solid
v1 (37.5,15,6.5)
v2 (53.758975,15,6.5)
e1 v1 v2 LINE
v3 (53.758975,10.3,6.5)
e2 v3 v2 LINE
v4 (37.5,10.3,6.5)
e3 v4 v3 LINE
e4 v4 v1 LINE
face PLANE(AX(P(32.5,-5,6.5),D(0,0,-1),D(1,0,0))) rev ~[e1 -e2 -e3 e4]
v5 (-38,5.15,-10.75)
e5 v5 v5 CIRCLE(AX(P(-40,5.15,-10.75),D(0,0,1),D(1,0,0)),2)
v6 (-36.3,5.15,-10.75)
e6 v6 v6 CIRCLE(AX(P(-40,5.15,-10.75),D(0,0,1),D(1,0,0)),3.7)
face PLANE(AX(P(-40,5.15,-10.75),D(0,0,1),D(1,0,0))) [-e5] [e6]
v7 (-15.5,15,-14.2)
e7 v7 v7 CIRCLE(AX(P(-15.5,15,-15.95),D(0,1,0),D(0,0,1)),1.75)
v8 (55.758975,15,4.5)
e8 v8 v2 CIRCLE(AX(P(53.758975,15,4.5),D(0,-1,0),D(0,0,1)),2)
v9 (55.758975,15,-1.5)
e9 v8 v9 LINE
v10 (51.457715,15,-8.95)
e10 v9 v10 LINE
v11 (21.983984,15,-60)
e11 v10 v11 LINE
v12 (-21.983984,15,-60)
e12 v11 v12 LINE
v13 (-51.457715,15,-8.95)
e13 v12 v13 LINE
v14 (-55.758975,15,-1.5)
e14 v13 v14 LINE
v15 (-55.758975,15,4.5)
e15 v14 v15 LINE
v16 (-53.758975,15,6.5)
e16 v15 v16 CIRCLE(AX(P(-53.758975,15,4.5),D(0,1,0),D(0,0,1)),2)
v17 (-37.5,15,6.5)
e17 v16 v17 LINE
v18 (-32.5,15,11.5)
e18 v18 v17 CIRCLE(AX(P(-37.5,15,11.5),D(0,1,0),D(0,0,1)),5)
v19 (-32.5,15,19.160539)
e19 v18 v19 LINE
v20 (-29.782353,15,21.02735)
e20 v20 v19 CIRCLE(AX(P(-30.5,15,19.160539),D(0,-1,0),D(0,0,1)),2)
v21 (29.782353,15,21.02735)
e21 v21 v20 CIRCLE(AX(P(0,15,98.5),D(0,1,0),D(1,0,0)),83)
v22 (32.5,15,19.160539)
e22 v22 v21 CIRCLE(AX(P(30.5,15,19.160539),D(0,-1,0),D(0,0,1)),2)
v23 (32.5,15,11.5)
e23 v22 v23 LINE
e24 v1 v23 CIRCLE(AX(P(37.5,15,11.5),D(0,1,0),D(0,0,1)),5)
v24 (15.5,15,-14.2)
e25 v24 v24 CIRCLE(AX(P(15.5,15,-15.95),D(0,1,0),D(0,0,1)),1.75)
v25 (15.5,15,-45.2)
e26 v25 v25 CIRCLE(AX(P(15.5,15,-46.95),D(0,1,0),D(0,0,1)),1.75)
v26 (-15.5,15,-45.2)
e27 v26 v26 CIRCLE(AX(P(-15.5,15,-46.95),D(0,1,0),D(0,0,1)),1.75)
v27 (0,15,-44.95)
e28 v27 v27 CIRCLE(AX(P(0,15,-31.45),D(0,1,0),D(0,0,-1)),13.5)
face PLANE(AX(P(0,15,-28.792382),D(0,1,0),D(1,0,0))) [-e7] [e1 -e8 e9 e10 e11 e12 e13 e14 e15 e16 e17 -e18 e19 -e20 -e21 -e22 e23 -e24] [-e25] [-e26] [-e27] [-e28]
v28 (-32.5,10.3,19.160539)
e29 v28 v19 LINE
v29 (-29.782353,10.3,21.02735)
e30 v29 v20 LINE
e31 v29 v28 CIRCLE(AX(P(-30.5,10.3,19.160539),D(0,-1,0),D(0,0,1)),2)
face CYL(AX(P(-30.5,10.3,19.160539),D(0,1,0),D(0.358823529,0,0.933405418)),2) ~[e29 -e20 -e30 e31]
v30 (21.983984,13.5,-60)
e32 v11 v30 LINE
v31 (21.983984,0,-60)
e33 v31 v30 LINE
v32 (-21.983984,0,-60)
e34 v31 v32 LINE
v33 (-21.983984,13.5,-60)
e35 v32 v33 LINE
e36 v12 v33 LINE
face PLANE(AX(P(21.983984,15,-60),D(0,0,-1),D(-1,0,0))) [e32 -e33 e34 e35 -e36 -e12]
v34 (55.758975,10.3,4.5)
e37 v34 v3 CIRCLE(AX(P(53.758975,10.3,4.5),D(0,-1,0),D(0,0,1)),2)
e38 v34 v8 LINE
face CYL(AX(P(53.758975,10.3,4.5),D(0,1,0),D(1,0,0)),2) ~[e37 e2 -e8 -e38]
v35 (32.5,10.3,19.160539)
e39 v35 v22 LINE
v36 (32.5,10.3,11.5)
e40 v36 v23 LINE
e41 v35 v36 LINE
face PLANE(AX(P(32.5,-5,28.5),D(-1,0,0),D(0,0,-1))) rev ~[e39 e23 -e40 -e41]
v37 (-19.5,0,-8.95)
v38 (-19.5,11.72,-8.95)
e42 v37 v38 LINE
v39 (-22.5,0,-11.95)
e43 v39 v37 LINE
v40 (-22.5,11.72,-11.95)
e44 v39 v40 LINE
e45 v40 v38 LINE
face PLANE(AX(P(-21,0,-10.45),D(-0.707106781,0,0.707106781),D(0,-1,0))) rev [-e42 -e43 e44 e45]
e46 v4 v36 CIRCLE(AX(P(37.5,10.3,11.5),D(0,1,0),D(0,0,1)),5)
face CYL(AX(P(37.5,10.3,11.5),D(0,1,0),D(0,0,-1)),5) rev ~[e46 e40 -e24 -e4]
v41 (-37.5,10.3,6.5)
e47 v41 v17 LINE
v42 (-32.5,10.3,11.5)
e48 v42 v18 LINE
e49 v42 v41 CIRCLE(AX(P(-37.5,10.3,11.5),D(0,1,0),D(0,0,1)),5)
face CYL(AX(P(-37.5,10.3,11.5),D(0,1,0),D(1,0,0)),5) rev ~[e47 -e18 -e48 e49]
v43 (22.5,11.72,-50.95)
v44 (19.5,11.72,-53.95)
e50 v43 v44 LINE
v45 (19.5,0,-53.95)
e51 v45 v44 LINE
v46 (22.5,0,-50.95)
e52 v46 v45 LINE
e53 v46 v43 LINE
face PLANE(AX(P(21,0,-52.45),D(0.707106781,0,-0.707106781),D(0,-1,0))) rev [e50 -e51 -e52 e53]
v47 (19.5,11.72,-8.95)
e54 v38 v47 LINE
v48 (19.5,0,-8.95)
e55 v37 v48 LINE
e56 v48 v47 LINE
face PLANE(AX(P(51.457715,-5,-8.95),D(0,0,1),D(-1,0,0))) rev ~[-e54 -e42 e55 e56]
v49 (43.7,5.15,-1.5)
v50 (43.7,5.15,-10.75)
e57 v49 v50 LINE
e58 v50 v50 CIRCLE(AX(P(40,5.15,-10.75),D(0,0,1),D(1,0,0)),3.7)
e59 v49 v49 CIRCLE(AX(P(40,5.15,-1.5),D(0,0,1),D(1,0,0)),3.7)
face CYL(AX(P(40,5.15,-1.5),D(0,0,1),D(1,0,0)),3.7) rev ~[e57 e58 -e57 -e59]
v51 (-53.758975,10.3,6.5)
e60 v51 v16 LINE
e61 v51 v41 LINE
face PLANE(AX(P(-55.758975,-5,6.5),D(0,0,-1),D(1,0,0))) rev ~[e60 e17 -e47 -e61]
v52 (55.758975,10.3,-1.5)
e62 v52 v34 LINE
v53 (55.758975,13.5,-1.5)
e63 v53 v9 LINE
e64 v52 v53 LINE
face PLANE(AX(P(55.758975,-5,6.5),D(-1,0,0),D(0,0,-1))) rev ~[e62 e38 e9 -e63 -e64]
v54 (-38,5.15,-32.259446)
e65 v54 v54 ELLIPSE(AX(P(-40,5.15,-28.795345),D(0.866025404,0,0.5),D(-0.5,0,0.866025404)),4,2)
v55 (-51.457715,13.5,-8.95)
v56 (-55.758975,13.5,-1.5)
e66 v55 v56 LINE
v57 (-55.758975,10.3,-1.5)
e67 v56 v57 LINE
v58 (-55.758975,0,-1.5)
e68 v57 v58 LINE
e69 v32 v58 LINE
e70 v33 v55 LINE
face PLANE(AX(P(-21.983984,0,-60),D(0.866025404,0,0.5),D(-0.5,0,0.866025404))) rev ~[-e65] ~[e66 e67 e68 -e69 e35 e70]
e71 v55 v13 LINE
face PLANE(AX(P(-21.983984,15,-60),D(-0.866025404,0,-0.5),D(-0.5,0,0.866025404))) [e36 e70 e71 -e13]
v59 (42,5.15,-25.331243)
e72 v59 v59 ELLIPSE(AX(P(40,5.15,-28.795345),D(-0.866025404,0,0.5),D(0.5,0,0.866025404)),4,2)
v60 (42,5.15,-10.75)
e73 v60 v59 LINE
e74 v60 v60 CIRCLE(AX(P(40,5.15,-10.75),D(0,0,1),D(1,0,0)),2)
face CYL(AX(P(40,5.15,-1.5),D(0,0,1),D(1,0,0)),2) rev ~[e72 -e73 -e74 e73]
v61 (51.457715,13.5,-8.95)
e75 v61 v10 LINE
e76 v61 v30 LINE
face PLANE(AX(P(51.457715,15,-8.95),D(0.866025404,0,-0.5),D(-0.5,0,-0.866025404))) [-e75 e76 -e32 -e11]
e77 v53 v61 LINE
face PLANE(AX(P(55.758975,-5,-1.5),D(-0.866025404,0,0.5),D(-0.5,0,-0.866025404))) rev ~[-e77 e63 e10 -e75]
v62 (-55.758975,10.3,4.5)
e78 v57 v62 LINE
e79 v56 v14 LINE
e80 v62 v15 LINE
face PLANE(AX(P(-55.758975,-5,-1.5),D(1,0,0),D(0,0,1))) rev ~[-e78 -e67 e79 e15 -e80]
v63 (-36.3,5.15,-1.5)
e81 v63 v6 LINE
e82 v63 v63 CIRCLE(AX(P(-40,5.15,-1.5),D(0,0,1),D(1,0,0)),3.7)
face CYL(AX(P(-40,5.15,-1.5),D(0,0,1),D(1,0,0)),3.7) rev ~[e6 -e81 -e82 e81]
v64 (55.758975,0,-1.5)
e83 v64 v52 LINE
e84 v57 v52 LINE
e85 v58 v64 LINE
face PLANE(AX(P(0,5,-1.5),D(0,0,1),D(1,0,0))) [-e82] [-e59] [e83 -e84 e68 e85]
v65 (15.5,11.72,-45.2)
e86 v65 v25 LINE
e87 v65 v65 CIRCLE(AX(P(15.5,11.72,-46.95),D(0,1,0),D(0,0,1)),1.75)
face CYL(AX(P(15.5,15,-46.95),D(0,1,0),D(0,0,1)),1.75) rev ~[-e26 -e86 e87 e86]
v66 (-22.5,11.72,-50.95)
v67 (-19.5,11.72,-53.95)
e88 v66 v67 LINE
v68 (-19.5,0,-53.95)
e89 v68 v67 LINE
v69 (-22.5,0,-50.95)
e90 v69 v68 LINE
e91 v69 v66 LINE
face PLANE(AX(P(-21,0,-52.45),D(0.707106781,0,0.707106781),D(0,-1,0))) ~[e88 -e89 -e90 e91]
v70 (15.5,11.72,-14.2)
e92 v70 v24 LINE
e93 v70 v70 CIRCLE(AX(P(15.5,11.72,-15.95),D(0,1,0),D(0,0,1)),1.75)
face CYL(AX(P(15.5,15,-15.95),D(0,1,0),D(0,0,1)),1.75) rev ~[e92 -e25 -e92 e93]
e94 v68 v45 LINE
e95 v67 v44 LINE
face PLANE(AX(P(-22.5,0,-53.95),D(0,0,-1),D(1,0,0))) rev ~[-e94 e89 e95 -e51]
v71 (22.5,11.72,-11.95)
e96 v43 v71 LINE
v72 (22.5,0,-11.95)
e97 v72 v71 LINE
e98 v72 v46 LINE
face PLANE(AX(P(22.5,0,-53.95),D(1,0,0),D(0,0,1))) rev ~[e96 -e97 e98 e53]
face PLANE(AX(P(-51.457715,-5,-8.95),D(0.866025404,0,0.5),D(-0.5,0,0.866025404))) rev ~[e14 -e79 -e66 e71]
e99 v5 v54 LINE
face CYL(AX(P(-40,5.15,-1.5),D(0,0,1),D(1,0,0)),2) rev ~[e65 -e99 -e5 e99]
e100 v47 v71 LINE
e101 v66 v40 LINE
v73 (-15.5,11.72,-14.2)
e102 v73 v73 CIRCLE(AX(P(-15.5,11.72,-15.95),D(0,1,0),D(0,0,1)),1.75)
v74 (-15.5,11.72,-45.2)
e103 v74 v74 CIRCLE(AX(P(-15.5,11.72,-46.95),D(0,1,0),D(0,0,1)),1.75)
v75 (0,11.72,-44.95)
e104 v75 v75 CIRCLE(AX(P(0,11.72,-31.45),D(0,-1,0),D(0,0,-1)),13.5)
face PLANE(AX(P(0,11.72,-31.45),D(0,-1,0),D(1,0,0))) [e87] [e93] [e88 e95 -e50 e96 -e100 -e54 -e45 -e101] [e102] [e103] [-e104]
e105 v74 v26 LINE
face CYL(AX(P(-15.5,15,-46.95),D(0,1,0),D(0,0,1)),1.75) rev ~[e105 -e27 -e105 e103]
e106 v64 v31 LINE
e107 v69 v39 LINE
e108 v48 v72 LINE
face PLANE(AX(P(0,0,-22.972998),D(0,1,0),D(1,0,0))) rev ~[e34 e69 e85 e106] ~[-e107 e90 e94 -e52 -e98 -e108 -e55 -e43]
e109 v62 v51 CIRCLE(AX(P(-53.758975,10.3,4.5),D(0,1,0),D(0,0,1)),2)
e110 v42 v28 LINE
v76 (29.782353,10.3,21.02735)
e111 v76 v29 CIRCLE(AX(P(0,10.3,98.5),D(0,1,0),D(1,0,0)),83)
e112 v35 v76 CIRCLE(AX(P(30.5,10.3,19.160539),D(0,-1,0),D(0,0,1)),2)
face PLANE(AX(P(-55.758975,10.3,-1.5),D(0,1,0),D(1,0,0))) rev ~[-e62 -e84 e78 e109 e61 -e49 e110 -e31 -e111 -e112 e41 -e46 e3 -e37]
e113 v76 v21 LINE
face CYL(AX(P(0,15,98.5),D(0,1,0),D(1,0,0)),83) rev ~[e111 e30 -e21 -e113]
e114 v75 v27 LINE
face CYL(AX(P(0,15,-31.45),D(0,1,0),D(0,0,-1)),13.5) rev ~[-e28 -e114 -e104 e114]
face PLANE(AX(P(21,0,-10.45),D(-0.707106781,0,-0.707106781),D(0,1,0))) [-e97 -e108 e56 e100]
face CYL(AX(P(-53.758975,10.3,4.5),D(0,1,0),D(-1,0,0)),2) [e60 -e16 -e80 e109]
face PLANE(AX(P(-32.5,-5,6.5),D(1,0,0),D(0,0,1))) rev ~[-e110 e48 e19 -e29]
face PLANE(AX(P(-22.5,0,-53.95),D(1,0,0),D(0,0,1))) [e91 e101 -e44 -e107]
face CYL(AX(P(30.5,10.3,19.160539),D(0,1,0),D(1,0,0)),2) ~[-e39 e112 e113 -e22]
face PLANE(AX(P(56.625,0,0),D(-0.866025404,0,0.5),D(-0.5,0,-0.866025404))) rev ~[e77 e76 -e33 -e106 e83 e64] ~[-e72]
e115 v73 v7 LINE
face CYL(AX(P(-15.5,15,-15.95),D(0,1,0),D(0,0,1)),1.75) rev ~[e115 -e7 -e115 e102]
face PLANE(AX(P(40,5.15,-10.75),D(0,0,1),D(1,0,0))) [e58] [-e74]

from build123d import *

# Parameters (mm, degrees)
BOSS_EXTRUDE1_DEPTH = 13.5
SKETCH2_W           = 45
SKETCH2_H           = 45
CUT_EXTRUDE1_DEPTH  = 11.72
SKETCH3_R           = 13.5
CUT_EXTRUDE2_DEPTH  = 84.329160712
CHAMFER1_SIZE       = 3
SKETCH7_W           = 113.25
SKETCH7_H           = 1.5
CUT_EXTRUDE4_DEPTH  = 84.598089841
SKETCH5_R           = 1.75
CUT_EXTRUDE7_DEPTH  = 84.013934059
BOSS_EXTRUDE2_START = 5
BOSS_EXTRUDE2_DEPTH = 20
CUT_EXTRUDE8_START  = -30
SKETCH11_W          = 111.517949192
SKETCH11_H          = 10.6
CUT_EXTRUDE8_DEPTH  = 30
SKETCH12_R          = 2
CUT_EXTRUDE9_DEPTH  = 83.19679585
SKETCH13_R          = 3.7
CUT_EXTRUDE10_DEPTH = 9.25
SKETCH14_R          = 83
CUT_EXTRUDE11_DEPTH = 9.25
FILLET1_R           = 5
SKETCH15_W          = 65
SKETCH15_H          = 8
CUT_EXTRUDE12_DEPTH = 9.25
FILLET2_R           = 2
SKETCH16_W          = 23.258974596
SKETCH16_H          = 14
BOSS_EXTRUDE3_DEPTH = 4.7
FILLET3_R           = 5
BOSS_EXTRUDE4_START = 1.5
SKETCH17_R          = 1.75
SKETCH17_R_2        = 13.5
BOSS_EXTRUDE4_DEPTH = 1.5
SKETCH18_W          = 153.260867966
SKETCH18_H          = 50.841882228
CUT_EXTRUDE13_DEPTH = 5


with BuildPart() as part:
    # Sketch1 → Boss-Extrude1 (new body)
    with BuildSketch(Plane(origin=(0, 0, 0), x_dir=(1, 0, 0), z_dir=(0, 1, 0))):
        Polygon((-56.625, 0), (56.625, 0), (21.983983849, 60), (-21.983983849, 60), align=None)
    extrude(amount=BOSS_EXTRUDE1_DEPTH)

    # Sketch2 → Cut-Extrude1 (cut)
    with BuildSketch(Plane.XZ):
        with Locations((0, -31.45)):
            Rectangle(SKETCH2_W, SKETCH2_H)
    extrude(amount=-CUT_EXTRUDE1_DEPTH, mode=Mode.SUBTRACT)

    # Sketch3 → Cut-Extrude2 (cut, through all)
    with BuildSketch(Plane.XZ.offset(-11.72)):
        with Locations(Location((0, -31.45, 0), (0, 0, 270))):
            Circle(SKETCH3_R)
    extrude(amount=-CUT_EXTRUDE2_DEPTH, mode=Mode.SUBTRACT)

    # Chamfer1
    chamfer1_edges = [part.edges().sort_by_distance(p)[0] for p in [
        (-22.5, 5.86, -8.95),
        (-22.5, 5.86, -53.95),
        (22.5, 5.86, -53.95),
        (22.5, 5.86, -8.95),
    ]]
    chamfer(chamfer1_edges, length=CHAMFER1_SIZE)

    # Sketch7 → Cut-Extrude4 (cut, through all)
    with BuildSketch(Plane(origin=(0, 13.5, 0), x_dir=(1, 0, 0), z_dir=(0, 1, 0))):
        with Locations((0, 0.75)):
            Rectangle(SKETCH7_W, SKETCH7_H)
    extrude(amount=-CUT_EXTRUDE4_DEPTH, mode=Mode.SUBTRACT)

    # Sketch5 → Cut-Extrude7 (cut, through all)
    with BuildSketch(Plane(origin=(0, 13.5, 0), x_dir=(1, 0, 0), z_dir=(0, 1, 0))):
        with Locations(Location((15.5, 46.95, 0), (0, 0, 270))):
            Circle(SKETCH5_R)
        with Locations(Location((15.5, 15.95, 0), (0, 0, 270))):
            Circle(SKETCH5_R)
        with Locations(Location((-15.5, 15.95, 0), (0, 0, 270))):
            Circle(SKETCH5_R)
        with Locations(Location((-15.5, 46.95, 0), (0, 0, 270))):
            Circle(SKETCH5_R)
    extrude(amount=-CUT_EXTRUDE7_DEPTH, mode=Mode.SUBTRACT)

    # Sketch10 → Boss-Extrude2 (add)
    with BuildSketch(Plane.XZ.offset(BOSS_EXTRUDE2_START)):
        Polygon((51.457715091, -8.95), (-51.457715091, -8.95), (-55.758974596, -1.5), (-55.758974596, 6.5), (-32.5, 6.5), (-32.5, 28.5), (32.5, 28.5), (32.5, 6.5), (55.758974596, 6.5), (55.758974596, -1.5), align=None)
    extrude(amount=-BOSS_EXTRUDE2_DEPTH)

    # Sketch11 → Cut-Extrude8 (cut)
    with BuildSketch(Plane.XY.offset(28.5).offset(CUT_EXTRUDE8_START)):
        with Locations((0, 5)):
            Rectangle(SKETCH11_W, SKETCH11_H)
    extrude(amount=CUT_EXTRUDE8_DEPTH, mode=Mode.SUBTRACT)

    # Sketch12 → Cut-Extrude9 (cut, through all)
    with BuildSketch(Plane.XY.offset(-1.5)):
        with Locations((-40, 5.15)):
            Circle(SKETCH12_R)
        with Locations((40, 5.15)):
            Circle(SKETCH12_R)
    extrude(amount=-CUT_EXTRUDE9_DEPTH, mode=Mode.SUBTRACT)

    # Sketch13 → Cut-Extrude10 (cut)
    with BuildSketch(Plane.XY.offset(-1.5)):
        with Locations((-40, 5.15)):
            Circle(SKETCH13_R)
        with Locations((40, 5.15)):
            Circle(SKETCH13_R)
    extrude(amount=-CUT_EXTRUDE10_DEPTH, mode=Mode.SUBTRACT)

    # Sketch14 → Cut-Extrude11 (cut)
    with BuildSketch(Plane(origin=(0, 15, 0), x_dir=(1, 0, 0), z_dir=(0, 1, 0))):
        with Locations((0, -98.5)):
            Circle(SKETCH14_R)
    extrude(amount=-CUT_EXTRUDE11_DEPTH, mode=Mode.SUBTRACT)

    # Fillet1
    fillet1_edges = [part.edges().sort_by_distance(p)[0] for p in [
        (-32.5, 12.65, 6.5),
        (32.5, 12.65, 6.5),
        (32.5, -2.65, 6.5),
        (-32.5, -2.65, 6.5),
    ]]
    fillet(fillet1_edges, radius=FILLET1_R)

    # Sketch15 → Cut-Extrude12 (cut)
    with BuildSketch(Plane.XZ.offset(5)):
        with Locations((0, 24.5)):
            Rectangle(SKETCH15_W, SKETCH15_H)
    extrude(amount=-CUT_EXTRUDE12_DEPTH, mode=Mode.SUBTRACT)

    # Fillet2
    fillet2_edges = [part.edges().sort_by_distance(p)[0] for p in [
        (-55.758974596, 12.65, 6.5),
        (55.758974596, 12.65, 6.5),
        (-32.5, 12.65, 22.127557326),
        (32.5, 12.65, 22.127557326),
    ]]
    fillet(fillet2_edges, radius=FILLET2_R)

    # Sketch16 → Boss-Extrude3 (add)
    with BuildSketch(Plane.XZ.offset(5)):
        with Locations((-44.129487298, 13.5)):
            Rectangle(SKETCH16_W, SKETCH16_H)
        with Locations((44.129487298, 13.5)):
            Rectangle(SKETCH16_W, SKETCH16_H)
    extrude(amount=-BOSS_EXTRUDE3_DEPTH)

    # Fillet3
    fillet3_edges = [part.edges().sort_by_distance(p)[0] for p in [
        (-55.758974596, -2.65, 20.5),
        (55.758974596, -2.65, 20.5),
    ]]
    fillet(fillet3_edges, radius=FILLET3_R)

    # Sketch17 → Boss-Extrude4 (add)
    with BuildSketch(Plane(origin=(0, 13.5, 0), x_dir=(1, 0, 0), z_dir=(0, 1, 0)).offset(BOSS_EXTRUDE4_START)):
        Polygon((-51.457715091, 8.95), (51.457715091, 8.95), (21.983983849, 60), (-21.983983849, 60), align=None)
        with Locations(Location((-15.5, 15.95, 0), (0, 0, 270))):
            Circle(SKETCH17_R, mode=Mode.SUBTRACT)
        with Locations(Location((-15.5, 46.95, 0), (0, 0, 270))):
            Circle(SKETCH17_R, mode=Mode.SUBTRACT)
        with Locations(Location((15.5, 46.95, 0), (0, 0, 270))):
            Circle(SKETCH17_R, mode=Mode.SUBTRACT)
        with Locations(Location((15.5, 15.95, 0), (0, 0, 270))):
            Circle(SKETCH17_R, mode=Mode.SUBTRACT)
        with Locations(Location((0, 31.45, 0), (0, 0, 90))):
            Circle(SKETCH17_R_2, mode=Mode.SUBTRACT)
    extrude(amount=-BOSS_EXTRUDE4_DEPTH)

    # Sketch18 → Cut-Extrude13 (cut)
    with BuildSketch(Plane.XZ.offset(5)):
        with Locations((-0.752597738, 9.037202)):
            Rectangle(SKETCH18_W, SKETCH18_H)
    extrude(amount=-CUT_EXTRUDE13_DEPTH, mode=Mode.SUBTRACT)


solid = part.part
